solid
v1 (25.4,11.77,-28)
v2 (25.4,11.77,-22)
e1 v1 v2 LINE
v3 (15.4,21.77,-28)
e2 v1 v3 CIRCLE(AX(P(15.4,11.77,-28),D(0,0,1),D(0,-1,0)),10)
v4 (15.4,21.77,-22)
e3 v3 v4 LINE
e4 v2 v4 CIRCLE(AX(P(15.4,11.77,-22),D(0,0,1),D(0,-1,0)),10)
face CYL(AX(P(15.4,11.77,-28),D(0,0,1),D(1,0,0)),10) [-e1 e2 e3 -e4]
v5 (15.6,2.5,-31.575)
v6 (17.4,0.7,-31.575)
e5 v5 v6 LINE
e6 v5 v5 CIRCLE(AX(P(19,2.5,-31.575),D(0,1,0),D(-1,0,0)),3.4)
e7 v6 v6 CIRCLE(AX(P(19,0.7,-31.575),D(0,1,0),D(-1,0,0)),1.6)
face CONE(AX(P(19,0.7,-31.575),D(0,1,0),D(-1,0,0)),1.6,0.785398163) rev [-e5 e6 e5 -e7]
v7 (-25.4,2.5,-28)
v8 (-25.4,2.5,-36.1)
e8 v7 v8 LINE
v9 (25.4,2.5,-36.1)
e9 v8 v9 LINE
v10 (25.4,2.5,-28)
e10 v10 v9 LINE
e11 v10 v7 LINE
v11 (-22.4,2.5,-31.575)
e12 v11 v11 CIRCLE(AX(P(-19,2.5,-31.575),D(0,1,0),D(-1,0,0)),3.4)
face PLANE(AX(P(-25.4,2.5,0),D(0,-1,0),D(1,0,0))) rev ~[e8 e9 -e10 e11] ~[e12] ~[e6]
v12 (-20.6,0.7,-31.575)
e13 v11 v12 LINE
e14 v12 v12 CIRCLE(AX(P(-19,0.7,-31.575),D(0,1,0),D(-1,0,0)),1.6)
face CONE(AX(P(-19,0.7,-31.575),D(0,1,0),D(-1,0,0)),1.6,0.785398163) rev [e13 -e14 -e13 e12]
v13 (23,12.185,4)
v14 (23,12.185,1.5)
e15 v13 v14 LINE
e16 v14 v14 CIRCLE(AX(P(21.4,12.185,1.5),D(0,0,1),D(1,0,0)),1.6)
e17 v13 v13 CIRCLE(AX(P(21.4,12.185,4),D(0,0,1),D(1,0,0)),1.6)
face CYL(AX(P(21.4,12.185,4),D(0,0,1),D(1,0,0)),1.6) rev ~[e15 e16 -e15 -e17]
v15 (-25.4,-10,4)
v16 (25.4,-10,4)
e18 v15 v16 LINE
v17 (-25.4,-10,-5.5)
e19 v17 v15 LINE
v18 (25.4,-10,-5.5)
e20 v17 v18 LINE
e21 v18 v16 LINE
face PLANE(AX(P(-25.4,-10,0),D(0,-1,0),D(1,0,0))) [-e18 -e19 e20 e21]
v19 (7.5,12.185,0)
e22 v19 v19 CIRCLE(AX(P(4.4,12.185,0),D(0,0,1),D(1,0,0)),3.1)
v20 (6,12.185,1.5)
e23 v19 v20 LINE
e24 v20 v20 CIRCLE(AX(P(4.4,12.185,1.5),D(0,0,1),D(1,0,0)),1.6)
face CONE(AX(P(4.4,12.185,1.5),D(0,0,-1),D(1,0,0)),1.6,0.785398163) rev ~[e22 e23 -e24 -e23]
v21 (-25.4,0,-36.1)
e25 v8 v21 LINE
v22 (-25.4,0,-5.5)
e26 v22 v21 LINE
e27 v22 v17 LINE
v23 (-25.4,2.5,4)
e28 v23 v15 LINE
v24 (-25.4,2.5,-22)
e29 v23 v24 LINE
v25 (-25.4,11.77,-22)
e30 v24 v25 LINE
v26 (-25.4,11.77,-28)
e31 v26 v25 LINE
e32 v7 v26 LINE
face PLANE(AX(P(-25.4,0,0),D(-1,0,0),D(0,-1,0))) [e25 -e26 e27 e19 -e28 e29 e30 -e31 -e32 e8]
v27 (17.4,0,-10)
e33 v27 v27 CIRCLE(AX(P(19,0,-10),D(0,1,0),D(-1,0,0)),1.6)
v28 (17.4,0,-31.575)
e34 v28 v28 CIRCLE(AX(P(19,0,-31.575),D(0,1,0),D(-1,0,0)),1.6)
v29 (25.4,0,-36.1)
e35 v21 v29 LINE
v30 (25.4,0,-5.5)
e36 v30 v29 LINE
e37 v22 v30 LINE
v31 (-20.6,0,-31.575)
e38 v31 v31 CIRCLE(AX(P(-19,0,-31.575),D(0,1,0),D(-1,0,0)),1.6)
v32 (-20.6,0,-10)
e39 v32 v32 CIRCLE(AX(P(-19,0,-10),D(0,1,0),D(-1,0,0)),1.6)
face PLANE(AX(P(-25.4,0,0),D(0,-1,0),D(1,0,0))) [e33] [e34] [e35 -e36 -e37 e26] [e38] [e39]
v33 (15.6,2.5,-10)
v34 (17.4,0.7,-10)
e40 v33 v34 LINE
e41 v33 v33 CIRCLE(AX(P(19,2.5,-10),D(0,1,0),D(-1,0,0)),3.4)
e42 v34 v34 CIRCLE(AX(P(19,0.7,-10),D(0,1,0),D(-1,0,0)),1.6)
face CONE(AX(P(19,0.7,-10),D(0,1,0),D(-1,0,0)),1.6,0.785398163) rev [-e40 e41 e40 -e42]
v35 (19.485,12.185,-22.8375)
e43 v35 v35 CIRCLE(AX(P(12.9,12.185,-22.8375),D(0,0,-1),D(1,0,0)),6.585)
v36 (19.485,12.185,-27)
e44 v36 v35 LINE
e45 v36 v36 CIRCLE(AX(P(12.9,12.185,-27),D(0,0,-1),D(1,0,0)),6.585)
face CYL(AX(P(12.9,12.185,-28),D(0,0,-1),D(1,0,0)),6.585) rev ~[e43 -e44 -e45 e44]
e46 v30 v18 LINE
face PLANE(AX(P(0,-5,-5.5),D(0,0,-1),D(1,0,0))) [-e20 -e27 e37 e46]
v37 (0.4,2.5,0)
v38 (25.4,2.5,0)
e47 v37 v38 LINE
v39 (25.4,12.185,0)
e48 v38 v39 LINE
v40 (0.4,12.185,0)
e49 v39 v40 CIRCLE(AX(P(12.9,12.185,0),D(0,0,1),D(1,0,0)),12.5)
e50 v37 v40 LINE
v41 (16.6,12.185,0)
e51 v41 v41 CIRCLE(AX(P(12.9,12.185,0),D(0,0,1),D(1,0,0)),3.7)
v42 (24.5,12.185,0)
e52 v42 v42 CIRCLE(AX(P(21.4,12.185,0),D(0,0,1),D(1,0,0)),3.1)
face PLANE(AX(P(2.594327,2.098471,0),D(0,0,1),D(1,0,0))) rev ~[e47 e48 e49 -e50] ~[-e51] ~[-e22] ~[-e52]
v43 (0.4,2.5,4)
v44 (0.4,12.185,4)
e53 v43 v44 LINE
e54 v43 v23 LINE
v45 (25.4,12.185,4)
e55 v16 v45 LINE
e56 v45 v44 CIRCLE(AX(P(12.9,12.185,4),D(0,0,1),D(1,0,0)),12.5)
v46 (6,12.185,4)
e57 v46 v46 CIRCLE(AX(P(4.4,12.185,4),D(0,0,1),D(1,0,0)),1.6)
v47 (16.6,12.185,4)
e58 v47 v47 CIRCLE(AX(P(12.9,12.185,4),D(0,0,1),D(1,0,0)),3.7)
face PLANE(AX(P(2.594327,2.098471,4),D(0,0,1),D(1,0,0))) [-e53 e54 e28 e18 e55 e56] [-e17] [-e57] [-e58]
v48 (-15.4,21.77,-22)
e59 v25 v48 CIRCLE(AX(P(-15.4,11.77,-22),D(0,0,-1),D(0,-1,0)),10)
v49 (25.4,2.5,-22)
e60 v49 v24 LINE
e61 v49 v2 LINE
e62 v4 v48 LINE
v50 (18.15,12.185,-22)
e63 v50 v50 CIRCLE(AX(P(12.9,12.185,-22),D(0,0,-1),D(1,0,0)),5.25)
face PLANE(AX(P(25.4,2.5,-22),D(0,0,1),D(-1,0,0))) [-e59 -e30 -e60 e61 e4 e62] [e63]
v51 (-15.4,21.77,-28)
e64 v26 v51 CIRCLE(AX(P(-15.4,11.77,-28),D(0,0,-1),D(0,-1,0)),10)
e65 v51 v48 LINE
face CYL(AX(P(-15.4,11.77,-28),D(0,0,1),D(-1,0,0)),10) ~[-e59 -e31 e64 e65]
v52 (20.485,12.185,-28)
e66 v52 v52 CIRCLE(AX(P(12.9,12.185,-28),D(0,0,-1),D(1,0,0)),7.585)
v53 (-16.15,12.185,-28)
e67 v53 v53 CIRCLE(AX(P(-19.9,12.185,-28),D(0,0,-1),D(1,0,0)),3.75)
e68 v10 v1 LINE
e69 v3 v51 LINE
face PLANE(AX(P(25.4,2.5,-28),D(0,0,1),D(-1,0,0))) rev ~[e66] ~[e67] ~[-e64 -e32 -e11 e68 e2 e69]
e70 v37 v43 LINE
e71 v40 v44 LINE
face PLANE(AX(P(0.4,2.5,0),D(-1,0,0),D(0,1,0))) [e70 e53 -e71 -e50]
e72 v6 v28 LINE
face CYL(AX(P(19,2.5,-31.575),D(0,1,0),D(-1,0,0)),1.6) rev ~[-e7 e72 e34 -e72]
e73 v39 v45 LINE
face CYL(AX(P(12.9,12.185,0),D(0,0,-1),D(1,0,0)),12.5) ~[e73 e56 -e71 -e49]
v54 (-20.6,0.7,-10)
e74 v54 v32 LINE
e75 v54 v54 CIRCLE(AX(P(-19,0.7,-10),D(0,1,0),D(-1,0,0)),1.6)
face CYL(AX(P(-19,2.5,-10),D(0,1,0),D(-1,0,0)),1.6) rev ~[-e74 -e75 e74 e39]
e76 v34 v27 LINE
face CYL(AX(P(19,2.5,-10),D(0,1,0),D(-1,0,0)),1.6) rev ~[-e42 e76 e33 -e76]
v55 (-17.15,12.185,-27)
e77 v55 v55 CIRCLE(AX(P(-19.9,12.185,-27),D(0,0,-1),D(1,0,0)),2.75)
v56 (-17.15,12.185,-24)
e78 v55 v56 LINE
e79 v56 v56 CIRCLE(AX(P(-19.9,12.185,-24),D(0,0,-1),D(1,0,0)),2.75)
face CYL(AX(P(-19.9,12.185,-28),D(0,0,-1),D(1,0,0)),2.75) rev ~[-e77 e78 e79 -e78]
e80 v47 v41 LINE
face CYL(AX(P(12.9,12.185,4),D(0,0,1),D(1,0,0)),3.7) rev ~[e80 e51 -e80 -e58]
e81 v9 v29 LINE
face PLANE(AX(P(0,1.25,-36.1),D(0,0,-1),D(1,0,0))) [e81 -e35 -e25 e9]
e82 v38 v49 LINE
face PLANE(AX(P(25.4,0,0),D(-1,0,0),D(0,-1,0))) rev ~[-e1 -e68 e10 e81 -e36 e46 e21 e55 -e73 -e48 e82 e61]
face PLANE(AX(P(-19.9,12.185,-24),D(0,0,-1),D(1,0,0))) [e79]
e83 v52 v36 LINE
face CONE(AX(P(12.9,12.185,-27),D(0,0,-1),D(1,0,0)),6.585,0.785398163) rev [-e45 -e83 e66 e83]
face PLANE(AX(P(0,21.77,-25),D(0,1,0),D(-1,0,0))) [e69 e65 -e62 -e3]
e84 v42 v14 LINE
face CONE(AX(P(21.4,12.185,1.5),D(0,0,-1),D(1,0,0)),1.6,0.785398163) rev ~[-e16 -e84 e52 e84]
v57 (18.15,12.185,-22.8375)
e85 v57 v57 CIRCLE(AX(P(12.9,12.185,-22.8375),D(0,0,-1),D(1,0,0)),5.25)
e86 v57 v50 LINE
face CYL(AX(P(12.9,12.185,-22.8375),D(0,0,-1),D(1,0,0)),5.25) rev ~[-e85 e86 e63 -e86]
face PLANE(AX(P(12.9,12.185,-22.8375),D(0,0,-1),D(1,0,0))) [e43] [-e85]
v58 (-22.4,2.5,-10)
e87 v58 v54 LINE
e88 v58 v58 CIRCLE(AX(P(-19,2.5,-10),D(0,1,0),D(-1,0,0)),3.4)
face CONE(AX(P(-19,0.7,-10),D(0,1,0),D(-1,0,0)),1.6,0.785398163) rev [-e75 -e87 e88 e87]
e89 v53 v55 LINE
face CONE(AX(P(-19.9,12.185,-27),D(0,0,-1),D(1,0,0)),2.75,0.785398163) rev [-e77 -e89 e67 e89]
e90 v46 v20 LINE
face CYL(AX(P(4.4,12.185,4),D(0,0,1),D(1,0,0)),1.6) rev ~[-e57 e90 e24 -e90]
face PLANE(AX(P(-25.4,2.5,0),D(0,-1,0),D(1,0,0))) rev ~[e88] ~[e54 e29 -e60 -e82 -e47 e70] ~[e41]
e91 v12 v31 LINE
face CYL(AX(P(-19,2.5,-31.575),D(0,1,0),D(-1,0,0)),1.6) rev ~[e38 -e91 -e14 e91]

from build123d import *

# Parameters (mm, degrees)
PAD016_DEPTH    = 4
SKETCH074_W     = 50.8
SKETCH074_H     = 2.5
PAD017_DEPTH    = 36.1
SKETCH082_W     = 50.8
SKETCH082_H     = 10
PAD018_DEPTH    = 5.5
SKETCH075_R     = 3.7
POCKET065_DEPTH = 5
SKETCH076_R     = 1.6
POCKET066_DEPTH = 5
SKETCH077_W     = 50.8
SKETCH077_H     = 6
PAD019_DEPTH    = 19.27
SKETCH078_R     = 6.585
POCKET067_DEPTH = 5.1625
SKETCH079_R     = 5.25
POCKET068_DEPTH = 5
SKETCH080_R     = 2.75
POCKET069_DEPTH = 4
SKETCH081_R     = 1.6
POCKET070_DEPTH = 5
CHAMFER010_SIZE = 1.8
CHAMFER011_SIZE = 1
CHAMFER012_SIZE = 1.5
FILLET001_R     = 10


with BuildPart() as part:
    # Sketch073 → Pad016 (new body)
    with BuildSketch(Plane.XY):
        with BuildLine():
            Line((-25.4, 2.5), (-25.4, -10))
            Line((-25.4, -10), (25.4, -10))
            Line((25.4, -10), (25.4, 2.5))
            Line((25.4, 2.5), (25.4, 12.185))
            ThreePointArc((25.4, 12.185), (12.9, 24.685), (0.4, 12.185))
            Line((0.4, 2.5), (0.4, 12.185))
            Line((0.4, 2.5), (-25.4, 2.5))
        make_face()
    extrude(amount=PAD016_DEPTH)

    # Sketch074 (on Face8 of Pad016) → Pad017 (join)
    with BuildSketch(Plane(origin=(0, 0, 0), x_dir=(1, 0, 0), z_dir=(0, 0, -1))):
        with Locations((0, -1.25)):
            Rectangle(SKETCH074_W, SKETCH074_H)
    extrude(amount=PAD017_DEPTH)

    # Sketch082 (on Face5 of Pad017) → Pad018 (join)
    with BuildSketch(Plane(origin=(0, 0, 0), x_dir=(1, 0, 0), z_dir=(0, 0, -1))):
        with Locations((0, 5)):
            Rectangle(SKETCH082_W, SKETCH082_H)
    extrude(amount=PAD018_DEPTH)

    # Sketch075 → Pocket065 (cut)
    with BuildSketch(Plane.XY.offset(4)):
        with Locations((12.9, 12.185)):
            Circle(SKETCH075_R)
    extrude(amount=-POCKET065_DEPTH, mode=Mode.SUBTRACT)

    # Sketch076 → Pocket066 (cut)
    with BuildSketch(Plane(origin=(0, 2.5, 0), x_dir=(-1, 0, 0), z_dir=(0, 1, 0))):
        with Locations((-19, -10)):
            Circle(SKETCH076_R)
        with Locations((19, -10)):
            Circle(SKETCH076_R)
        with Locations((19, -31.575)):
            Circle(SKETCH076_R)
        with Locations((-19, -31.575)):
            Circle(SKETCH076_R)
    extrude(amount=-POCKET066_DEPTH, mode=Mode.SUBTRACT)

    # Sketch077 → Pad019 (join)
    with BuildSketch(Plane(origin=(0, 2.5, 0), x_dir=(-1, 0, 0), z_dir=(0, 1, 0))):
        with Locations((0, -25)):
            Rectangle(SKETCH077_W, SKETCH077_H)
    extrude(amount=PAD019_DEPTH)

    # Sketch078 (on Face27 of Pad019) → Pocket067 (cut)
    with BuildSketch(Plane(origin=(0, 0, -28), x_dir=(1, 0, 0), z_dir=(0, 0, -1))):
        with Locations((12.9, -12.185)):
            Circle(SKETCH078_R)
    extrude(amount=-POCKET067_DEPTH, mode=Mode.SUBTRACT)

    # Sketch079 (on Face31 of Pocket067) → Pocket068 (cut)
    with BuildSketch(Plane(origin=(0, 0, -22.8375), x_dir=(1, 0, 0), z_dir=(0, 0, -1))):
        with Locations((12.9, -12.185)):
            Circle(SKETCH079_R)
    extrude(amount=-POCKET068_DEPTH, mode=Mode.SUBTRACT)

    # Sketch080 (on Face27 of Pocket068) → Pocket069 (cut)
    with BuildSketch(Plane(origin=(0, 0, -28), x_dir=(1, 0, 0), z_dir=(0, 0, -1))):
        with Locations((-19.9, -12.185)):
            Circle(SKETCH080_R)
    extrude(amount=-POCKET069_DEPTH, mode=Mode.SUBTRACT)

    # Sketch081 → Pocket070 (cut)
    with BuildSketch(Plane.XY.offset(4)):
        with Locations((4.4, 12.185)):
            Circle(SKETCH081_R)
        with Locations((21.4, 12.185)):
            Circle(SKETCH081_R)
    extrude(amount=-POCKET070_DEPTH, mode=Mode.SUBTRACT)

    # Chamfer010
    chamfer010_edges = [part.edges().sort_by_distance(p)[0] for p in [
        (20.6, 2.5, -31.575),
        (-17.4, 2.5, -31.575),
        (20.6, 2.5, -10),
        (-17.4, 2.5, -10),
    ]]
    chamfer(chamfer010_edges, length=CHAMFER010_SIZE)

    # Chamfer011
    chamfer011_edges = [part.edges().sort_by_distance(p)[0] for p in [
        (6.315, 12.185, -28),
        (-22.65, 12.185, -28),
    ]]
    chamfer(chamfer011_edges, length=CHAMFER011_SIZE)

    # Chamfer012
    chamfer012_edges = [part.edges().sort_by_distance(p)[0] for p in [
        (19.8, 12.185, 0),
        (2.8, 12.185, 0),
    ]]
    chamfer(chamfer012_edges, length=CHAMFER012_SIZE)

    # Fillet001
    fillet001_edges = [part.edges().sort_by_distance(p)[0] for p in [
        (25.4, 21.77, -25),
        (-25.4, 21.77, -25),
    ]]
    fillet(fillet001_edges, radius=FILLET001_R)


solid = part.part
